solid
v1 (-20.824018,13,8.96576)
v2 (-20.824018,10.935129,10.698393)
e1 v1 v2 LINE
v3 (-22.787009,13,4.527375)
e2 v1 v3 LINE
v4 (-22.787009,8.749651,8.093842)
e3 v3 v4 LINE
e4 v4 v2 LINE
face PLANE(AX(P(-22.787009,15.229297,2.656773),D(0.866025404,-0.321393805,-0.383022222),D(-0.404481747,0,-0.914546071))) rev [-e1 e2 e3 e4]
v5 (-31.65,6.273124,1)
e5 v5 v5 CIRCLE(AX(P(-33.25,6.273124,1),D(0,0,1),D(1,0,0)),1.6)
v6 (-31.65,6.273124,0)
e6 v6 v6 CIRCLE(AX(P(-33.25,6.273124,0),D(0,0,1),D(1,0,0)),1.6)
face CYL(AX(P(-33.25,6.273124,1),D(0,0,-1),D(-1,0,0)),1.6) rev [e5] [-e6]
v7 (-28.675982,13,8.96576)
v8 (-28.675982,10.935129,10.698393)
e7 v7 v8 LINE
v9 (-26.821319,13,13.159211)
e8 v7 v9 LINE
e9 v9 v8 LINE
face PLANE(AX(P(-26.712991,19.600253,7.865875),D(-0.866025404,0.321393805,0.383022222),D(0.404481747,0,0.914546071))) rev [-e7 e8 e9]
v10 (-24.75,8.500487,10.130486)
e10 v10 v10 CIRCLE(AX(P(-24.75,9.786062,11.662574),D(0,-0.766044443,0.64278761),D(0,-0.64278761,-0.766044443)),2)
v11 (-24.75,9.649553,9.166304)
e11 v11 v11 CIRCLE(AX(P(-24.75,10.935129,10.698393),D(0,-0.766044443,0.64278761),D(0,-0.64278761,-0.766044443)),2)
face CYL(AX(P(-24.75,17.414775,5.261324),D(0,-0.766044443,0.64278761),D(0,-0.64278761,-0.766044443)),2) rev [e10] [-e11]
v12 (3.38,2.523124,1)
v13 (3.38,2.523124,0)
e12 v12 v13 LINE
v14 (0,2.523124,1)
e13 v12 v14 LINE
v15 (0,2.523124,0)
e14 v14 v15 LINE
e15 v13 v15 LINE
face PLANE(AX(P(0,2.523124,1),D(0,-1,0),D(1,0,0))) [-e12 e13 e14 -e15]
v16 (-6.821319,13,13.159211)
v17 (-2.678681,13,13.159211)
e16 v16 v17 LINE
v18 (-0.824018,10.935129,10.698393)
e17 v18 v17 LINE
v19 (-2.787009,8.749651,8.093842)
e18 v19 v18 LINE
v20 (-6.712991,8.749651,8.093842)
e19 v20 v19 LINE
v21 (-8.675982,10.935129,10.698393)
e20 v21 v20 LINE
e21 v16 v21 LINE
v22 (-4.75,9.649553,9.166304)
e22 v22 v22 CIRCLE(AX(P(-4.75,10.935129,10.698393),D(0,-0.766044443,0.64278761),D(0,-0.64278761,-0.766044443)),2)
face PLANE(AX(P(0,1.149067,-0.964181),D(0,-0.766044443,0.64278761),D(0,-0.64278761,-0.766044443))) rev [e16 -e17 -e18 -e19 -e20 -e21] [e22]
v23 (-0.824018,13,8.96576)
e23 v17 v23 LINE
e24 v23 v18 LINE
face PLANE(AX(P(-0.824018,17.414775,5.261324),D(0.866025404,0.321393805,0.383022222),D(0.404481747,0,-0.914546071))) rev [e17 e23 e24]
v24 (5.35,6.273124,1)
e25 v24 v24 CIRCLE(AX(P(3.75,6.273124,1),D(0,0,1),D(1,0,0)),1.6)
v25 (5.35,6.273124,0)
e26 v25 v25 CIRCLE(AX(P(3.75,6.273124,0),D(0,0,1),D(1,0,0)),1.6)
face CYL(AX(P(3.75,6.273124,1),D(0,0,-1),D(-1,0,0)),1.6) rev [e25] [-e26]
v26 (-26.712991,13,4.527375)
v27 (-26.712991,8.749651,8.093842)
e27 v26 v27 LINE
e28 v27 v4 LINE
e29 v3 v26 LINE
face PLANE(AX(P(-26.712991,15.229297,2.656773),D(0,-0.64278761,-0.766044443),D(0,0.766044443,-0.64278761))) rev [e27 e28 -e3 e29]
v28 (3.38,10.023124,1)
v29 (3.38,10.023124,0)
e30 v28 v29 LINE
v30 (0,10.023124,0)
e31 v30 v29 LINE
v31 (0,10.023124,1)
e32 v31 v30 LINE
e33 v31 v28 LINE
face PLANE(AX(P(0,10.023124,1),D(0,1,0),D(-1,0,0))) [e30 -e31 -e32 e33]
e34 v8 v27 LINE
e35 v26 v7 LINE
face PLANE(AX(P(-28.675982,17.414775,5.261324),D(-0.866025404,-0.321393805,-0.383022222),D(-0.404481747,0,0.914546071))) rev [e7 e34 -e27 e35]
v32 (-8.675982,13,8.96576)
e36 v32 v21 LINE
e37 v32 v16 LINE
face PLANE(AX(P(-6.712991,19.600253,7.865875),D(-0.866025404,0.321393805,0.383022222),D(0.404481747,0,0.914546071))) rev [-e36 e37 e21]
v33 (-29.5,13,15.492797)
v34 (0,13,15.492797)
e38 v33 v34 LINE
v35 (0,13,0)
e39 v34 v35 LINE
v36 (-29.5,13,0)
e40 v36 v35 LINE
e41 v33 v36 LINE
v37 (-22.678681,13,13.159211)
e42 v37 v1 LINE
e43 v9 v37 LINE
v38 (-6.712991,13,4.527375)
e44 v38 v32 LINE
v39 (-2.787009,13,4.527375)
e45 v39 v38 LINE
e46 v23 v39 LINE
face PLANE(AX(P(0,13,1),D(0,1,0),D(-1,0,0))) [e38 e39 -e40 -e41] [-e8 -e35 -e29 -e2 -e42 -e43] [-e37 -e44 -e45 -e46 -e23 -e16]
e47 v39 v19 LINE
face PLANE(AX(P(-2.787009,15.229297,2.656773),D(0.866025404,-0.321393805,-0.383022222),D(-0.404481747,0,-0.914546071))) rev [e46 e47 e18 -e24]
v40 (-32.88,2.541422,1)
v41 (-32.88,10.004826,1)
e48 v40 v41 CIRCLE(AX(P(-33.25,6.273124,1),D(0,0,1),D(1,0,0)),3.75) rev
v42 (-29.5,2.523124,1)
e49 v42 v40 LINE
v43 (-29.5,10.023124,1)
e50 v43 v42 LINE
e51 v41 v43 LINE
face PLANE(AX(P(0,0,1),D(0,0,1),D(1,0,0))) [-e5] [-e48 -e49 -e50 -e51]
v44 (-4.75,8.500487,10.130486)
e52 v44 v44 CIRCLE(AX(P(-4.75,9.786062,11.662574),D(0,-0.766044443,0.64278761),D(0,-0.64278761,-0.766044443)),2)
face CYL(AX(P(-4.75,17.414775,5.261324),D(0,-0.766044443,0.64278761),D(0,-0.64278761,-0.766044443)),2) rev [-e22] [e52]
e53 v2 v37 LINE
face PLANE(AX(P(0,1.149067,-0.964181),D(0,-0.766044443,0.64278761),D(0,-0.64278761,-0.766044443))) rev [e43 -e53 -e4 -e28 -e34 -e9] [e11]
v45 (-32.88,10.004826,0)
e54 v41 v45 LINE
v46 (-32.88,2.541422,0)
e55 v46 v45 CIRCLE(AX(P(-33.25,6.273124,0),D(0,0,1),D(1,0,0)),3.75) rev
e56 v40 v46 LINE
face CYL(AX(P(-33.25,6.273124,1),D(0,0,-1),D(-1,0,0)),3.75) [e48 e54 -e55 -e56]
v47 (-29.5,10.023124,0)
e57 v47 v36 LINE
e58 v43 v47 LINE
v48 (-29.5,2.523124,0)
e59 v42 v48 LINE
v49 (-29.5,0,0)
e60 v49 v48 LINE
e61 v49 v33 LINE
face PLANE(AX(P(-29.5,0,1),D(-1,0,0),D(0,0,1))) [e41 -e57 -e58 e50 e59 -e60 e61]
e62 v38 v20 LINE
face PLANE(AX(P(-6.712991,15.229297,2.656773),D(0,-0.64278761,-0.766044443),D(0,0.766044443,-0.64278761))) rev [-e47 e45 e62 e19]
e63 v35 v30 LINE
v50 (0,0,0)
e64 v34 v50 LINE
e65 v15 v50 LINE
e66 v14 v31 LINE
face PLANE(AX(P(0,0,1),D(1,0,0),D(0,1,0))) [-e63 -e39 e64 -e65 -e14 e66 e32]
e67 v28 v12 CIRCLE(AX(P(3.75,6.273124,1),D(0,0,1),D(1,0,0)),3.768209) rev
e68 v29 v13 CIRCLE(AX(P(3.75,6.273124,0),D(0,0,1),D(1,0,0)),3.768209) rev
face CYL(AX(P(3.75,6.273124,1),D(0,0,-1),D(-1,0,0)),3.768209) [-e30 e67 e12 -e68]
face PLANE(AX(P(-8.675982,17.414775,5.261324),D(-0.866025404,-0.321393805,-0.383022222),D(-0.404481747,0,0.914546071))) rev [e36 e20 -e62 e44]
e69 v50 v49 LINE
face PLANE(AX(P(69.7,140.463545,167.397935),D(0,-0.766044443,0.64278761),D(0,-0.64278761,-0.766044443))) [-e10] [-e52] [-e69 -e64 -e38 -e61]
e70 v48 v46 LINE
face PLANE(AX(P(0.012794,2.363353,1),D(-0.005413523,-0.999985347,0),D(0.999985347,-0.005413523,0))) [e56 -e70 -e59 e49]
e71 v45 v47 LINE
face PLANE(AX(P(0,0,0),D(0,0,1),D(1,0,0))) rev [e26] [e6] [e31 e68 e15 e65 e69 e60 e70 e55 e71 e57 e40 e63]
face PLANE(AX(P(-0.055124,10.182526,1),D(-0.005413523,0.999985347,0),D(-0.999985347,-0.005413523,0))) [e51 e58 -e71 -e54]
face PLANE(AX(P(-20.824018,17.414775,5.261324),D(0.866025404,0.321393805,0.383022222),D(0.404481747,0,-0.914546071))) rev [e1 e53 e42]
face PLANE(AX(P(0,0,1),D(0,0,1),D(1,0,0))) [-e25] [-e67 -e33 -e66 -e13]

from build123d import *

# Parameters (mm, degrees)
SKETCH1_R           = 1.6
BOSS_EXTRUDE1_DEPTH = 1
BOSS_EXTRUDE2_DEPTH = 15.492796704
SKETCH2_R           = 2
CUT_EXTRUDE2_DEPTH  = 43.166654476
CUT_EXTRUDE3_START  = -1.5
SKETCH2_3_R         = 2
CUT_EXTRUDE3_DEPTH  = 41.666654476
SKETCH3_W           = 29.5
SKETCH3_H           = 22.485495194
CUT_EXTRUDE4_DEPTH  = 43.166654476


with BuildPart() as part:
    # Sketch1 → Boss-Extrude1 (new body)
    # profile 1 of 3: a face of its own
    with BuildSketch(Plane.XY):
        Polygon((-29.5, 10.023123532), (-29.5, 13), (0, 13), (0, 10.023123532), (0, 2.523123532), (0, 0), (-29.5, 0), (-29.5, 2.523123532), align=None)
    # profile 2 of 3: a face of its own
    with BuildSketch(Plane.XY):
        with BuildLine():
            ThreePointArc((3.38, 10.023123532), (7.518209124, 6.273123532), (3.38, 2.523123532))
            Line((3.38, 2.523123532), (0, 2.523123532))
            Line((0, 2.523123532), (0, 10.023123532))
            Line((0, 10.023123532), (3.38, 10.023123532))
        make_face()
        with Locations((3.75, 6.273123532)):
            Circle(SKETCH1_R, mode=Mode.SUBTRACT)
    # profile 3 of 3: a face of its own
    with BuildSketch(Plane.XY):
        with BuildLine():
            ThreePointArc((-32.88, 2.541421507), (-37, 6.273123532), (-32.88, 10.004825556))
            Line((-32.88, 10.004825556), (-29.5, 10.023123532))
            Line((-29.5, 10.023123532), (-29.5, 2.523123532))
            Line((-29.5, 2.523123532), (-32.88, 2.541421507))
        make_face()
        with Locations((-33.25, 6.273123532)):
            Circle(SKETCH1_R, mode=Mode.SUBTRACT)
    extrude(amount=BOSS_EXTRUDE1_DEPTH)

    # Sketch1<4> → Boss-Extrude2 (add)
    with BuildSketch(Plane.XY):
        Polygon((-29.5, 10.023123532), (-29.5, 13), (0, 13), (0, 10.023123532), (0, 2.523123532), (0, 0), (-29.5, 0), (-29.5, 2.523123532), align=None)
    extrude(amount=BOSS_EXTRUDE2_DEPTH)

    # Sketch2 → Cut-Extrude2 (cut, through all)
    with BuildSketch(Plane(origin=(0, 0, 0), x_dir=(1, 0, 0), z_dir=(0, -0.7660444431189791, 0.642787609686538))):
        with Locations(Location((-4.75, 15.224409749, 0), (0, 0, 270))):
            Circle(SKETCH2_R)
        with Locations(Location((-24.75, 15.224409749, 0), (0, 0, 270))):
            Circle(SKETCH2_R)
    extrude(amount=-CUT_EXTRUDE2_DEPTH, mode=Mode.SUBTRACT)

    # Sketch2<3> → Cut-Extrude3 (cut, through all)
    # profile 1 of 2: a face of its own
    with BuildSketch(Plane(origin=(0, 0, 0), x_dir=(1, 0, 0), z_dir=(0, -0.7660444431189791, 0.642787609686538)).offset(CUT_EXTRUDE3_START)):
        Polygon((-2.787009085, 11.824409749), (-0.82401817, 15.224409749), (-2.787009085, 18.624409749), (-6.712990915, 18.624409749), (-8.67598183, 15.224409749), (-6.712990915, 11.824409749), align=None)
        with Locations(Location((-4.75, 15.224409749, 0), (0, 0, 270))):
            Circle(SKETCH2_3_R, mode=Mode.SUBTRACT)
    # profile 2 of 2: a face of its own
    with BuildSketch(Plane(origin=(0, 0, 0), x_dir=(1, 0, 0), z_dir=(0, -0.7660444431189791, 0.642787609686538)).offset(CUT_EXTRUDE3_START)):
        Polygon((-20.82401817, 15.224409749), (-22.787009085, 18.624409749), (-26.712990915, 18.624409749), (-28.67598183, 15.224409749), (-26.712990915, 11.824409749), (-22.787009085, 11.824409749), align=None)
        with Locations(Location((-24.75, 15.224409749, 0), (0, 0, 270))):
            Circle(SKETCH2_3_R, mode=Mode.SUBTRACT)
    extrude(amount=-CUT_EXTRUDE3_DEPTH, mode=Mode.SUBTRACT)

    # Sketch3 → Cut-Extrude4 (cut, through all)
    with BuildSketch(Plane(origin=(0, 0, 0), x_dir=(1, 0, 0), z_dir=(0, -0.7660444431189791, 0.642787609686538))):
        with Locations((-14.75, 8.981662152)):
            Rectangle(SKETCH3_W, SKETCH3_H)
    extrude(amount=CUT_EXTRUDE4_DEPTH, mode=Mode.SUBTRACT)


solid = part.part
